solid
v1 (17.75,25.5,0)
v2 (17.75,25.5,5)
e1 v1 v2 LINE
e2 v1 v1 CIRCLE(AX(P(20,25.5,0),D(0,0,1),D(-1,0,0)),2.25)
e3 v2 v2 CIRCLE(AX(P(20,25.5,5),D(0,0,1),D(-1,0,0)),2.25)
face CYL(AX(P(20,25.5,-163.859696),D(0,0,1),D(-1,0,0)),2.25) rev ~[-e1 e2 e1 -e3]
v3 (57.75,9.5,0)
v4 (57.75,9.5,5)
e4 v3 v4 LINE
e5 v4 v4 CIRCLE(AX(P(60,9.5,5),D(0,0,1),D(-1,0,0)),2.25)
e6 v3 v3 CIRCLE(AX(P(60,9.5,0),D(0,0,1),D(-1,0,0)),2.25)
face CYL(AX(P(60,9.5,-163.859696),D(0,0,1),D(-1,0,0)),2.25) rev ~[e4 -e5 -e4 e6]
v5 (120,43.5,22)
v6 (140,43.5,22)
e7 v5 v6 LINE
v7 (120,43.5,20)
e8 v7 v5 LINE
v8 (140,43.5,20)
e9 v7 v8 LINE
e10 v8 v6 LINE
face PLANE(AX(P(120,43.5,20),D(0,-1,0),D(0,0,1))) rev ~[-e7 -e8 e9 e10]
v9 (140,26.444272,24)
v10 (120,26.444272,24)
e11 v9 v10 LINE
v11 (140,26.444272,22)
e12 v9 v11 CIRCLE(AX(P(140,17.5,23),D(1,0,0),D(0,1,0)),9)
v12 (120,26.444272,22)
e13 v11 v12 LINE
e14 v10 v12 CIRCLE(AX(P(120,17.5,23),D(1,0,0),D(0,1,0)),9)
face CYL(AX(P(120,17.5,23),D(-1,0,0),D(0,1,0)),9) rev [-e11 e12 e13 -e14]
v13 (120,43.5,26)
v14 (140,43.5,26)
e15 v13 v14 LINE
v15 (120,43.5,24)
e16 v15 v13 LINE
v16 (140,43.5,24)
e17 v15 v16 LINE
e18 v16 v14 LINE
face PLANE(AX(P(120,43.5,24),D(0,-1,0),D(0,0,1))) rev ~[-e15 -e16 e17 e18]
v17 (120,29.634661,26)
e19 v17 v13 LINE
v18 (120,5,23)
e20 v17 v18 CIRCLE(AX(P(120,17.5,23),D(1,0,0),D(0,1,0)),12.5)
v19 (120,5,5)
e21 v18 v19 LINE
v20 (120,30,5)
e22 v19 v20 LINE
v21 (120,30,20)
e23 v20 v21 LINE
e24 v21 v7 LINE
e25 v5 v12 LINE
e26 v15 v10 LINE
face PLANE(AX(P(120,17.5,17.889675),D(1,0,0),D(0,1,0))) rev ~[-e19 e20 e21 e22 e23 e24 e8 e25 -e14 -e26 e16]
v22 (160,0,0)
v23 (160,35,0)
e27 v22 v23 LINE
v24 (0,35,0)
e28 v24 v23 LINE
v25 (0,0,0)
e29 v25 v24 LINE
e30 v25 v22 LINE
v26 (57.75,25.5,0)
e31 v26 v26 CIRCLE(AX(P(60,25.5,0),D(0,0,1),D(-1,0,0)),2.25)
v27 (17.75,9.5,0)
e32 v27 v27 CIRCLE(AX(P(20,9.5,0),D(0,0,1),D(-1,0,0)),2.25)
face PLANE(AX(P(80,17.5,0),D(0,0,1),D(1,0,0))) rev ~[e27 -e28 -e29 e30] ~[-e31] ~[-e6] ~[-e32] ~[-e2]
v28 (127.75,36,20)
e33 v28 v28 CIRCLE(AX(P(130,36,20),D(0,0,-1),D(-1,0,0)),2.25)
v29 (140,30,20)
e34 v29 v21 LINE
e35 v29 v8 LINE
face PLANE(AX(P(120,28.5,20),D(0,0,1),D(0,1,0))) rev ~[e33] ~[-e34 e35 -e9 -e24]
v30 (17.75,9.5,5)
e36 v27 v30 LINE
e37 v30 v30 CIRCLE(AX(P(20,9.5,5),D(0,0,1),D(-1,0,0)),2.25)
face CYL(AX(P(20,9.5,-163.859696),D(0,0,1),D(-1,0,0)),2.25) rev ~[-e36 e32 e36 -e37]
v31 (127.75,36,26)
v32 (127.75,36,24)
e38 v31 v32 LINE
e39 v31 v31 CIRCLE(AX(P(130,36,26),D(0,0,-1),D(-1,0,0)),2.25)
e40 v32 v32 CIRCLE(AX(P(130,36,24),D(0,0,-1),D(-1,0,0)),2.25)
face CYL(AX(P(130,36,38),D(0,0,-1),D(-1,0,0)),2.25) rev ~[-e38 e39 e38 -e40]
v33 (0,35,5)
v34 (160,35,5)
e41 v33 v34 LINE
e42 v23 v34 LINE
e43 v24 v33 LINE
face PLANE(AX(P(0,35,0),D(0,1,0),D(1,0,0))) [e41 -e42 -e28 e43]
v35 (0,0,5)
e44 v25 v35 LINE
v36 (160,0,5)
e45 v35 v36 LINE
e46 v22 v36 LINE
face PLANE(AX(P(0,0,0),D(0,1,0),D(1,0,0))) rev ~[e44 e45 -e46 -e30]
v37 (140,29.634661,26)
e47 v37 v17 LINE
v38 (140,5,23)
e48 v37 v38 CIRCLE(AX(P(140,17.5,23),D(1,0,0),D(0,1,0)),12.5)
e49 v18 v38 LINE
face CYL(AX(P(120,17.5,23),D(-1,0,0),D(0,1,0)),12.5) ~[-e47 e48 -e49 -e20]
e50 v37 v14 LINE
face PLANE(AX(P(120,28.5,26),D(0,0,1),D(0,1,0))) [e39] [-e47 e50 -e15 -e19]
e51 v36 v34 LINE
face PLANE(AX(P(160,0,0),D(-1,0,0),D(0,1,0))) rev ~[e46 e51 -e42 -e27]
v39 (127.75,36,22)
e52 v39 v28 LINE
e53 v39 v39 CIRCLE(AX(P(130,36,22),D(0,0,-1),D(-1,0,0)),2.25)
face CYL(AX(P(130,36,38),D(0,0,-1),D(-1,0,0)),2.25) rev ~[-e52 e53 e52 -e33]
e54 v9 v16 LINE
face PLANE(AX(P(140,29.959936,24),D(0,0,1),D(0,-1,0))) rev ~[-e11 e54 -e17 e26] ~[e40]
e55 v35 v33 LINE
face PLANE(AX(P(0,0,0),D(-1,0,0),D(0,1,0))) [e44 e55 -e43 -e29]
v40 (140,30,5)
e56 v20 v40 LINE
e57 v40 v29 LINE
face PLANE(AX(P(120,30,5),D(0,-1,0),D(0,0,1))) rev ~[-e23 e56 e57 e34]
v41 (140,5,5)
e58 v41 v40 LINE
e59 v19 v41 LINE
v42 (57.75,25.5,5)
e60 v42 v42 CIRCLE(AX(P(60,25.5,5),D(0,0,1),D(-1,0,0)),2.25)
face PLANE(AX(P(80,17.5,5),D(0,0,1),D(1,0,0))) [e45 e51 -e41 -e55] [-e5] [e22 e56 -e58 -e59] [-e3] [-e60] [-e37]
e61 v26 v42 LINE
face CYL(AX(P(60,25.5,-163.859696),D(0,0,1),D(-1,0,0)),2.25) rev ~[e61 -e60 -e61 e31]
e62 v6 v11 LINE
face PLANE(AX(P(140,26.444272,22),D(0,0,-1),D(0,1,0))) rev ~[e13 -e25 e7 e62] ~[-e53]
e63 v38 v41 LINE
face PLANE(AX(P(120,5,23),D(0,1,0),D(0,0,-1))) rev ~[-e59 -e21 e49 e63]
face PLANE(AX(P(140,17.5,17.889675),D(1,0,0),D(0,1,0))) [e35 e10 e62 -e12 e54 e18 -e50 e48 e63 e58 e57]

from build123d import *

# Parameters (mm, degrees)
F0_W      = 160
F0_H      = 35
F1_DEPTH  = 5
F3_D      = 4.5
F5_R      = 9
F6_DEPTH  = 20
F8_DEPTH  = 25
F9_W      = 15
F9_H      = 2
F10_DEPTH = 20
F12_D     = 4.5
F12_DEPTH = 12
F12_TIP   = 1.3519363928


with BuildPart() as f1:
    # F0 (on Top) → F1 (new body)
    with BuildSketch(Plane.XY):
        with Locations((80, 17.5)):
            Rectangle(F0_W, F0_H)
    extrude(amount=F1_DEPTH)

    # F3 (through all)
    with Locations(Plane(origin=(0, 0, 0), x_dir=(1, 0, 0), z_dir=(0, 0, -1))):
        with Locations((20, -9.5), (60, -9.5), (60, -25.5), (20, -25.5)):
            Hole(F3_D / 2)

    # F5 (on offset) → F6 (join)
    with BuildSketch(Plane.YZ.offset(120)):
        with BuildLine():
            Line((5, 23), (5, 5))
            Line((5, 5), (30, 5))
            Line((30, 5), (30, 23))
            ThreePointArc((30, 23), (17.5, 35.5), (5, 23))
        make_face()
        with Locations((17.5, 23)):
            Circle(F5_R, mode=Mode.SUBTRACT)
    extrude(amount=F6_DEPTH)

    # F7 (on face) → F8 (cut)
    with BuildSketch(Plane.YZ.offset(140)):
        with BuildLine():
            Line((29.9599357944, 24), (26.44427191, 24))
            ThreePointArc((26.44427191, 24), (26.4860571774, 23.5007758031), (26.5, 23))
            ThreePointArc((26.5, 23), (26.4860571774, 22.4992241969), (26.44427191, 22))
            Line((26.44427191, 22), (30, 22))
            Line((30, 22), (30, 23))
            ThreePointArc((30, 23), (29.9899799325, 23.5004011242), (29.9599357944, 24))
        make_face()
    extrude(amount=-F8_DEPTH, mode=Mode.SUBTRACT)

    # F9 (on offset) → F10 (join)
    with BuildSketch(Plane.YZ.offset(120)):
        with Locations((36, 21)):
            Rectangle(F9_W, F9_H)
        with Locations((36, 25)):
            Rectangle(F9_W, F9_H)
    extrude(amount=F10_DEPTH)

    # F12
    with Locations(Plane.XY.offset(26)):
        with Locations((130, 36)):
            Hole(F12_D / 2, depth=F12_DEPTH)
            with Locations((0, 0, -(F12_DEPTH + F12_TIP / 2))):  # 118° drill point
                Cone(0, F12_D / 2, F12_TIP, mode=Mode.SUBTRACT)


solid = f1.part
